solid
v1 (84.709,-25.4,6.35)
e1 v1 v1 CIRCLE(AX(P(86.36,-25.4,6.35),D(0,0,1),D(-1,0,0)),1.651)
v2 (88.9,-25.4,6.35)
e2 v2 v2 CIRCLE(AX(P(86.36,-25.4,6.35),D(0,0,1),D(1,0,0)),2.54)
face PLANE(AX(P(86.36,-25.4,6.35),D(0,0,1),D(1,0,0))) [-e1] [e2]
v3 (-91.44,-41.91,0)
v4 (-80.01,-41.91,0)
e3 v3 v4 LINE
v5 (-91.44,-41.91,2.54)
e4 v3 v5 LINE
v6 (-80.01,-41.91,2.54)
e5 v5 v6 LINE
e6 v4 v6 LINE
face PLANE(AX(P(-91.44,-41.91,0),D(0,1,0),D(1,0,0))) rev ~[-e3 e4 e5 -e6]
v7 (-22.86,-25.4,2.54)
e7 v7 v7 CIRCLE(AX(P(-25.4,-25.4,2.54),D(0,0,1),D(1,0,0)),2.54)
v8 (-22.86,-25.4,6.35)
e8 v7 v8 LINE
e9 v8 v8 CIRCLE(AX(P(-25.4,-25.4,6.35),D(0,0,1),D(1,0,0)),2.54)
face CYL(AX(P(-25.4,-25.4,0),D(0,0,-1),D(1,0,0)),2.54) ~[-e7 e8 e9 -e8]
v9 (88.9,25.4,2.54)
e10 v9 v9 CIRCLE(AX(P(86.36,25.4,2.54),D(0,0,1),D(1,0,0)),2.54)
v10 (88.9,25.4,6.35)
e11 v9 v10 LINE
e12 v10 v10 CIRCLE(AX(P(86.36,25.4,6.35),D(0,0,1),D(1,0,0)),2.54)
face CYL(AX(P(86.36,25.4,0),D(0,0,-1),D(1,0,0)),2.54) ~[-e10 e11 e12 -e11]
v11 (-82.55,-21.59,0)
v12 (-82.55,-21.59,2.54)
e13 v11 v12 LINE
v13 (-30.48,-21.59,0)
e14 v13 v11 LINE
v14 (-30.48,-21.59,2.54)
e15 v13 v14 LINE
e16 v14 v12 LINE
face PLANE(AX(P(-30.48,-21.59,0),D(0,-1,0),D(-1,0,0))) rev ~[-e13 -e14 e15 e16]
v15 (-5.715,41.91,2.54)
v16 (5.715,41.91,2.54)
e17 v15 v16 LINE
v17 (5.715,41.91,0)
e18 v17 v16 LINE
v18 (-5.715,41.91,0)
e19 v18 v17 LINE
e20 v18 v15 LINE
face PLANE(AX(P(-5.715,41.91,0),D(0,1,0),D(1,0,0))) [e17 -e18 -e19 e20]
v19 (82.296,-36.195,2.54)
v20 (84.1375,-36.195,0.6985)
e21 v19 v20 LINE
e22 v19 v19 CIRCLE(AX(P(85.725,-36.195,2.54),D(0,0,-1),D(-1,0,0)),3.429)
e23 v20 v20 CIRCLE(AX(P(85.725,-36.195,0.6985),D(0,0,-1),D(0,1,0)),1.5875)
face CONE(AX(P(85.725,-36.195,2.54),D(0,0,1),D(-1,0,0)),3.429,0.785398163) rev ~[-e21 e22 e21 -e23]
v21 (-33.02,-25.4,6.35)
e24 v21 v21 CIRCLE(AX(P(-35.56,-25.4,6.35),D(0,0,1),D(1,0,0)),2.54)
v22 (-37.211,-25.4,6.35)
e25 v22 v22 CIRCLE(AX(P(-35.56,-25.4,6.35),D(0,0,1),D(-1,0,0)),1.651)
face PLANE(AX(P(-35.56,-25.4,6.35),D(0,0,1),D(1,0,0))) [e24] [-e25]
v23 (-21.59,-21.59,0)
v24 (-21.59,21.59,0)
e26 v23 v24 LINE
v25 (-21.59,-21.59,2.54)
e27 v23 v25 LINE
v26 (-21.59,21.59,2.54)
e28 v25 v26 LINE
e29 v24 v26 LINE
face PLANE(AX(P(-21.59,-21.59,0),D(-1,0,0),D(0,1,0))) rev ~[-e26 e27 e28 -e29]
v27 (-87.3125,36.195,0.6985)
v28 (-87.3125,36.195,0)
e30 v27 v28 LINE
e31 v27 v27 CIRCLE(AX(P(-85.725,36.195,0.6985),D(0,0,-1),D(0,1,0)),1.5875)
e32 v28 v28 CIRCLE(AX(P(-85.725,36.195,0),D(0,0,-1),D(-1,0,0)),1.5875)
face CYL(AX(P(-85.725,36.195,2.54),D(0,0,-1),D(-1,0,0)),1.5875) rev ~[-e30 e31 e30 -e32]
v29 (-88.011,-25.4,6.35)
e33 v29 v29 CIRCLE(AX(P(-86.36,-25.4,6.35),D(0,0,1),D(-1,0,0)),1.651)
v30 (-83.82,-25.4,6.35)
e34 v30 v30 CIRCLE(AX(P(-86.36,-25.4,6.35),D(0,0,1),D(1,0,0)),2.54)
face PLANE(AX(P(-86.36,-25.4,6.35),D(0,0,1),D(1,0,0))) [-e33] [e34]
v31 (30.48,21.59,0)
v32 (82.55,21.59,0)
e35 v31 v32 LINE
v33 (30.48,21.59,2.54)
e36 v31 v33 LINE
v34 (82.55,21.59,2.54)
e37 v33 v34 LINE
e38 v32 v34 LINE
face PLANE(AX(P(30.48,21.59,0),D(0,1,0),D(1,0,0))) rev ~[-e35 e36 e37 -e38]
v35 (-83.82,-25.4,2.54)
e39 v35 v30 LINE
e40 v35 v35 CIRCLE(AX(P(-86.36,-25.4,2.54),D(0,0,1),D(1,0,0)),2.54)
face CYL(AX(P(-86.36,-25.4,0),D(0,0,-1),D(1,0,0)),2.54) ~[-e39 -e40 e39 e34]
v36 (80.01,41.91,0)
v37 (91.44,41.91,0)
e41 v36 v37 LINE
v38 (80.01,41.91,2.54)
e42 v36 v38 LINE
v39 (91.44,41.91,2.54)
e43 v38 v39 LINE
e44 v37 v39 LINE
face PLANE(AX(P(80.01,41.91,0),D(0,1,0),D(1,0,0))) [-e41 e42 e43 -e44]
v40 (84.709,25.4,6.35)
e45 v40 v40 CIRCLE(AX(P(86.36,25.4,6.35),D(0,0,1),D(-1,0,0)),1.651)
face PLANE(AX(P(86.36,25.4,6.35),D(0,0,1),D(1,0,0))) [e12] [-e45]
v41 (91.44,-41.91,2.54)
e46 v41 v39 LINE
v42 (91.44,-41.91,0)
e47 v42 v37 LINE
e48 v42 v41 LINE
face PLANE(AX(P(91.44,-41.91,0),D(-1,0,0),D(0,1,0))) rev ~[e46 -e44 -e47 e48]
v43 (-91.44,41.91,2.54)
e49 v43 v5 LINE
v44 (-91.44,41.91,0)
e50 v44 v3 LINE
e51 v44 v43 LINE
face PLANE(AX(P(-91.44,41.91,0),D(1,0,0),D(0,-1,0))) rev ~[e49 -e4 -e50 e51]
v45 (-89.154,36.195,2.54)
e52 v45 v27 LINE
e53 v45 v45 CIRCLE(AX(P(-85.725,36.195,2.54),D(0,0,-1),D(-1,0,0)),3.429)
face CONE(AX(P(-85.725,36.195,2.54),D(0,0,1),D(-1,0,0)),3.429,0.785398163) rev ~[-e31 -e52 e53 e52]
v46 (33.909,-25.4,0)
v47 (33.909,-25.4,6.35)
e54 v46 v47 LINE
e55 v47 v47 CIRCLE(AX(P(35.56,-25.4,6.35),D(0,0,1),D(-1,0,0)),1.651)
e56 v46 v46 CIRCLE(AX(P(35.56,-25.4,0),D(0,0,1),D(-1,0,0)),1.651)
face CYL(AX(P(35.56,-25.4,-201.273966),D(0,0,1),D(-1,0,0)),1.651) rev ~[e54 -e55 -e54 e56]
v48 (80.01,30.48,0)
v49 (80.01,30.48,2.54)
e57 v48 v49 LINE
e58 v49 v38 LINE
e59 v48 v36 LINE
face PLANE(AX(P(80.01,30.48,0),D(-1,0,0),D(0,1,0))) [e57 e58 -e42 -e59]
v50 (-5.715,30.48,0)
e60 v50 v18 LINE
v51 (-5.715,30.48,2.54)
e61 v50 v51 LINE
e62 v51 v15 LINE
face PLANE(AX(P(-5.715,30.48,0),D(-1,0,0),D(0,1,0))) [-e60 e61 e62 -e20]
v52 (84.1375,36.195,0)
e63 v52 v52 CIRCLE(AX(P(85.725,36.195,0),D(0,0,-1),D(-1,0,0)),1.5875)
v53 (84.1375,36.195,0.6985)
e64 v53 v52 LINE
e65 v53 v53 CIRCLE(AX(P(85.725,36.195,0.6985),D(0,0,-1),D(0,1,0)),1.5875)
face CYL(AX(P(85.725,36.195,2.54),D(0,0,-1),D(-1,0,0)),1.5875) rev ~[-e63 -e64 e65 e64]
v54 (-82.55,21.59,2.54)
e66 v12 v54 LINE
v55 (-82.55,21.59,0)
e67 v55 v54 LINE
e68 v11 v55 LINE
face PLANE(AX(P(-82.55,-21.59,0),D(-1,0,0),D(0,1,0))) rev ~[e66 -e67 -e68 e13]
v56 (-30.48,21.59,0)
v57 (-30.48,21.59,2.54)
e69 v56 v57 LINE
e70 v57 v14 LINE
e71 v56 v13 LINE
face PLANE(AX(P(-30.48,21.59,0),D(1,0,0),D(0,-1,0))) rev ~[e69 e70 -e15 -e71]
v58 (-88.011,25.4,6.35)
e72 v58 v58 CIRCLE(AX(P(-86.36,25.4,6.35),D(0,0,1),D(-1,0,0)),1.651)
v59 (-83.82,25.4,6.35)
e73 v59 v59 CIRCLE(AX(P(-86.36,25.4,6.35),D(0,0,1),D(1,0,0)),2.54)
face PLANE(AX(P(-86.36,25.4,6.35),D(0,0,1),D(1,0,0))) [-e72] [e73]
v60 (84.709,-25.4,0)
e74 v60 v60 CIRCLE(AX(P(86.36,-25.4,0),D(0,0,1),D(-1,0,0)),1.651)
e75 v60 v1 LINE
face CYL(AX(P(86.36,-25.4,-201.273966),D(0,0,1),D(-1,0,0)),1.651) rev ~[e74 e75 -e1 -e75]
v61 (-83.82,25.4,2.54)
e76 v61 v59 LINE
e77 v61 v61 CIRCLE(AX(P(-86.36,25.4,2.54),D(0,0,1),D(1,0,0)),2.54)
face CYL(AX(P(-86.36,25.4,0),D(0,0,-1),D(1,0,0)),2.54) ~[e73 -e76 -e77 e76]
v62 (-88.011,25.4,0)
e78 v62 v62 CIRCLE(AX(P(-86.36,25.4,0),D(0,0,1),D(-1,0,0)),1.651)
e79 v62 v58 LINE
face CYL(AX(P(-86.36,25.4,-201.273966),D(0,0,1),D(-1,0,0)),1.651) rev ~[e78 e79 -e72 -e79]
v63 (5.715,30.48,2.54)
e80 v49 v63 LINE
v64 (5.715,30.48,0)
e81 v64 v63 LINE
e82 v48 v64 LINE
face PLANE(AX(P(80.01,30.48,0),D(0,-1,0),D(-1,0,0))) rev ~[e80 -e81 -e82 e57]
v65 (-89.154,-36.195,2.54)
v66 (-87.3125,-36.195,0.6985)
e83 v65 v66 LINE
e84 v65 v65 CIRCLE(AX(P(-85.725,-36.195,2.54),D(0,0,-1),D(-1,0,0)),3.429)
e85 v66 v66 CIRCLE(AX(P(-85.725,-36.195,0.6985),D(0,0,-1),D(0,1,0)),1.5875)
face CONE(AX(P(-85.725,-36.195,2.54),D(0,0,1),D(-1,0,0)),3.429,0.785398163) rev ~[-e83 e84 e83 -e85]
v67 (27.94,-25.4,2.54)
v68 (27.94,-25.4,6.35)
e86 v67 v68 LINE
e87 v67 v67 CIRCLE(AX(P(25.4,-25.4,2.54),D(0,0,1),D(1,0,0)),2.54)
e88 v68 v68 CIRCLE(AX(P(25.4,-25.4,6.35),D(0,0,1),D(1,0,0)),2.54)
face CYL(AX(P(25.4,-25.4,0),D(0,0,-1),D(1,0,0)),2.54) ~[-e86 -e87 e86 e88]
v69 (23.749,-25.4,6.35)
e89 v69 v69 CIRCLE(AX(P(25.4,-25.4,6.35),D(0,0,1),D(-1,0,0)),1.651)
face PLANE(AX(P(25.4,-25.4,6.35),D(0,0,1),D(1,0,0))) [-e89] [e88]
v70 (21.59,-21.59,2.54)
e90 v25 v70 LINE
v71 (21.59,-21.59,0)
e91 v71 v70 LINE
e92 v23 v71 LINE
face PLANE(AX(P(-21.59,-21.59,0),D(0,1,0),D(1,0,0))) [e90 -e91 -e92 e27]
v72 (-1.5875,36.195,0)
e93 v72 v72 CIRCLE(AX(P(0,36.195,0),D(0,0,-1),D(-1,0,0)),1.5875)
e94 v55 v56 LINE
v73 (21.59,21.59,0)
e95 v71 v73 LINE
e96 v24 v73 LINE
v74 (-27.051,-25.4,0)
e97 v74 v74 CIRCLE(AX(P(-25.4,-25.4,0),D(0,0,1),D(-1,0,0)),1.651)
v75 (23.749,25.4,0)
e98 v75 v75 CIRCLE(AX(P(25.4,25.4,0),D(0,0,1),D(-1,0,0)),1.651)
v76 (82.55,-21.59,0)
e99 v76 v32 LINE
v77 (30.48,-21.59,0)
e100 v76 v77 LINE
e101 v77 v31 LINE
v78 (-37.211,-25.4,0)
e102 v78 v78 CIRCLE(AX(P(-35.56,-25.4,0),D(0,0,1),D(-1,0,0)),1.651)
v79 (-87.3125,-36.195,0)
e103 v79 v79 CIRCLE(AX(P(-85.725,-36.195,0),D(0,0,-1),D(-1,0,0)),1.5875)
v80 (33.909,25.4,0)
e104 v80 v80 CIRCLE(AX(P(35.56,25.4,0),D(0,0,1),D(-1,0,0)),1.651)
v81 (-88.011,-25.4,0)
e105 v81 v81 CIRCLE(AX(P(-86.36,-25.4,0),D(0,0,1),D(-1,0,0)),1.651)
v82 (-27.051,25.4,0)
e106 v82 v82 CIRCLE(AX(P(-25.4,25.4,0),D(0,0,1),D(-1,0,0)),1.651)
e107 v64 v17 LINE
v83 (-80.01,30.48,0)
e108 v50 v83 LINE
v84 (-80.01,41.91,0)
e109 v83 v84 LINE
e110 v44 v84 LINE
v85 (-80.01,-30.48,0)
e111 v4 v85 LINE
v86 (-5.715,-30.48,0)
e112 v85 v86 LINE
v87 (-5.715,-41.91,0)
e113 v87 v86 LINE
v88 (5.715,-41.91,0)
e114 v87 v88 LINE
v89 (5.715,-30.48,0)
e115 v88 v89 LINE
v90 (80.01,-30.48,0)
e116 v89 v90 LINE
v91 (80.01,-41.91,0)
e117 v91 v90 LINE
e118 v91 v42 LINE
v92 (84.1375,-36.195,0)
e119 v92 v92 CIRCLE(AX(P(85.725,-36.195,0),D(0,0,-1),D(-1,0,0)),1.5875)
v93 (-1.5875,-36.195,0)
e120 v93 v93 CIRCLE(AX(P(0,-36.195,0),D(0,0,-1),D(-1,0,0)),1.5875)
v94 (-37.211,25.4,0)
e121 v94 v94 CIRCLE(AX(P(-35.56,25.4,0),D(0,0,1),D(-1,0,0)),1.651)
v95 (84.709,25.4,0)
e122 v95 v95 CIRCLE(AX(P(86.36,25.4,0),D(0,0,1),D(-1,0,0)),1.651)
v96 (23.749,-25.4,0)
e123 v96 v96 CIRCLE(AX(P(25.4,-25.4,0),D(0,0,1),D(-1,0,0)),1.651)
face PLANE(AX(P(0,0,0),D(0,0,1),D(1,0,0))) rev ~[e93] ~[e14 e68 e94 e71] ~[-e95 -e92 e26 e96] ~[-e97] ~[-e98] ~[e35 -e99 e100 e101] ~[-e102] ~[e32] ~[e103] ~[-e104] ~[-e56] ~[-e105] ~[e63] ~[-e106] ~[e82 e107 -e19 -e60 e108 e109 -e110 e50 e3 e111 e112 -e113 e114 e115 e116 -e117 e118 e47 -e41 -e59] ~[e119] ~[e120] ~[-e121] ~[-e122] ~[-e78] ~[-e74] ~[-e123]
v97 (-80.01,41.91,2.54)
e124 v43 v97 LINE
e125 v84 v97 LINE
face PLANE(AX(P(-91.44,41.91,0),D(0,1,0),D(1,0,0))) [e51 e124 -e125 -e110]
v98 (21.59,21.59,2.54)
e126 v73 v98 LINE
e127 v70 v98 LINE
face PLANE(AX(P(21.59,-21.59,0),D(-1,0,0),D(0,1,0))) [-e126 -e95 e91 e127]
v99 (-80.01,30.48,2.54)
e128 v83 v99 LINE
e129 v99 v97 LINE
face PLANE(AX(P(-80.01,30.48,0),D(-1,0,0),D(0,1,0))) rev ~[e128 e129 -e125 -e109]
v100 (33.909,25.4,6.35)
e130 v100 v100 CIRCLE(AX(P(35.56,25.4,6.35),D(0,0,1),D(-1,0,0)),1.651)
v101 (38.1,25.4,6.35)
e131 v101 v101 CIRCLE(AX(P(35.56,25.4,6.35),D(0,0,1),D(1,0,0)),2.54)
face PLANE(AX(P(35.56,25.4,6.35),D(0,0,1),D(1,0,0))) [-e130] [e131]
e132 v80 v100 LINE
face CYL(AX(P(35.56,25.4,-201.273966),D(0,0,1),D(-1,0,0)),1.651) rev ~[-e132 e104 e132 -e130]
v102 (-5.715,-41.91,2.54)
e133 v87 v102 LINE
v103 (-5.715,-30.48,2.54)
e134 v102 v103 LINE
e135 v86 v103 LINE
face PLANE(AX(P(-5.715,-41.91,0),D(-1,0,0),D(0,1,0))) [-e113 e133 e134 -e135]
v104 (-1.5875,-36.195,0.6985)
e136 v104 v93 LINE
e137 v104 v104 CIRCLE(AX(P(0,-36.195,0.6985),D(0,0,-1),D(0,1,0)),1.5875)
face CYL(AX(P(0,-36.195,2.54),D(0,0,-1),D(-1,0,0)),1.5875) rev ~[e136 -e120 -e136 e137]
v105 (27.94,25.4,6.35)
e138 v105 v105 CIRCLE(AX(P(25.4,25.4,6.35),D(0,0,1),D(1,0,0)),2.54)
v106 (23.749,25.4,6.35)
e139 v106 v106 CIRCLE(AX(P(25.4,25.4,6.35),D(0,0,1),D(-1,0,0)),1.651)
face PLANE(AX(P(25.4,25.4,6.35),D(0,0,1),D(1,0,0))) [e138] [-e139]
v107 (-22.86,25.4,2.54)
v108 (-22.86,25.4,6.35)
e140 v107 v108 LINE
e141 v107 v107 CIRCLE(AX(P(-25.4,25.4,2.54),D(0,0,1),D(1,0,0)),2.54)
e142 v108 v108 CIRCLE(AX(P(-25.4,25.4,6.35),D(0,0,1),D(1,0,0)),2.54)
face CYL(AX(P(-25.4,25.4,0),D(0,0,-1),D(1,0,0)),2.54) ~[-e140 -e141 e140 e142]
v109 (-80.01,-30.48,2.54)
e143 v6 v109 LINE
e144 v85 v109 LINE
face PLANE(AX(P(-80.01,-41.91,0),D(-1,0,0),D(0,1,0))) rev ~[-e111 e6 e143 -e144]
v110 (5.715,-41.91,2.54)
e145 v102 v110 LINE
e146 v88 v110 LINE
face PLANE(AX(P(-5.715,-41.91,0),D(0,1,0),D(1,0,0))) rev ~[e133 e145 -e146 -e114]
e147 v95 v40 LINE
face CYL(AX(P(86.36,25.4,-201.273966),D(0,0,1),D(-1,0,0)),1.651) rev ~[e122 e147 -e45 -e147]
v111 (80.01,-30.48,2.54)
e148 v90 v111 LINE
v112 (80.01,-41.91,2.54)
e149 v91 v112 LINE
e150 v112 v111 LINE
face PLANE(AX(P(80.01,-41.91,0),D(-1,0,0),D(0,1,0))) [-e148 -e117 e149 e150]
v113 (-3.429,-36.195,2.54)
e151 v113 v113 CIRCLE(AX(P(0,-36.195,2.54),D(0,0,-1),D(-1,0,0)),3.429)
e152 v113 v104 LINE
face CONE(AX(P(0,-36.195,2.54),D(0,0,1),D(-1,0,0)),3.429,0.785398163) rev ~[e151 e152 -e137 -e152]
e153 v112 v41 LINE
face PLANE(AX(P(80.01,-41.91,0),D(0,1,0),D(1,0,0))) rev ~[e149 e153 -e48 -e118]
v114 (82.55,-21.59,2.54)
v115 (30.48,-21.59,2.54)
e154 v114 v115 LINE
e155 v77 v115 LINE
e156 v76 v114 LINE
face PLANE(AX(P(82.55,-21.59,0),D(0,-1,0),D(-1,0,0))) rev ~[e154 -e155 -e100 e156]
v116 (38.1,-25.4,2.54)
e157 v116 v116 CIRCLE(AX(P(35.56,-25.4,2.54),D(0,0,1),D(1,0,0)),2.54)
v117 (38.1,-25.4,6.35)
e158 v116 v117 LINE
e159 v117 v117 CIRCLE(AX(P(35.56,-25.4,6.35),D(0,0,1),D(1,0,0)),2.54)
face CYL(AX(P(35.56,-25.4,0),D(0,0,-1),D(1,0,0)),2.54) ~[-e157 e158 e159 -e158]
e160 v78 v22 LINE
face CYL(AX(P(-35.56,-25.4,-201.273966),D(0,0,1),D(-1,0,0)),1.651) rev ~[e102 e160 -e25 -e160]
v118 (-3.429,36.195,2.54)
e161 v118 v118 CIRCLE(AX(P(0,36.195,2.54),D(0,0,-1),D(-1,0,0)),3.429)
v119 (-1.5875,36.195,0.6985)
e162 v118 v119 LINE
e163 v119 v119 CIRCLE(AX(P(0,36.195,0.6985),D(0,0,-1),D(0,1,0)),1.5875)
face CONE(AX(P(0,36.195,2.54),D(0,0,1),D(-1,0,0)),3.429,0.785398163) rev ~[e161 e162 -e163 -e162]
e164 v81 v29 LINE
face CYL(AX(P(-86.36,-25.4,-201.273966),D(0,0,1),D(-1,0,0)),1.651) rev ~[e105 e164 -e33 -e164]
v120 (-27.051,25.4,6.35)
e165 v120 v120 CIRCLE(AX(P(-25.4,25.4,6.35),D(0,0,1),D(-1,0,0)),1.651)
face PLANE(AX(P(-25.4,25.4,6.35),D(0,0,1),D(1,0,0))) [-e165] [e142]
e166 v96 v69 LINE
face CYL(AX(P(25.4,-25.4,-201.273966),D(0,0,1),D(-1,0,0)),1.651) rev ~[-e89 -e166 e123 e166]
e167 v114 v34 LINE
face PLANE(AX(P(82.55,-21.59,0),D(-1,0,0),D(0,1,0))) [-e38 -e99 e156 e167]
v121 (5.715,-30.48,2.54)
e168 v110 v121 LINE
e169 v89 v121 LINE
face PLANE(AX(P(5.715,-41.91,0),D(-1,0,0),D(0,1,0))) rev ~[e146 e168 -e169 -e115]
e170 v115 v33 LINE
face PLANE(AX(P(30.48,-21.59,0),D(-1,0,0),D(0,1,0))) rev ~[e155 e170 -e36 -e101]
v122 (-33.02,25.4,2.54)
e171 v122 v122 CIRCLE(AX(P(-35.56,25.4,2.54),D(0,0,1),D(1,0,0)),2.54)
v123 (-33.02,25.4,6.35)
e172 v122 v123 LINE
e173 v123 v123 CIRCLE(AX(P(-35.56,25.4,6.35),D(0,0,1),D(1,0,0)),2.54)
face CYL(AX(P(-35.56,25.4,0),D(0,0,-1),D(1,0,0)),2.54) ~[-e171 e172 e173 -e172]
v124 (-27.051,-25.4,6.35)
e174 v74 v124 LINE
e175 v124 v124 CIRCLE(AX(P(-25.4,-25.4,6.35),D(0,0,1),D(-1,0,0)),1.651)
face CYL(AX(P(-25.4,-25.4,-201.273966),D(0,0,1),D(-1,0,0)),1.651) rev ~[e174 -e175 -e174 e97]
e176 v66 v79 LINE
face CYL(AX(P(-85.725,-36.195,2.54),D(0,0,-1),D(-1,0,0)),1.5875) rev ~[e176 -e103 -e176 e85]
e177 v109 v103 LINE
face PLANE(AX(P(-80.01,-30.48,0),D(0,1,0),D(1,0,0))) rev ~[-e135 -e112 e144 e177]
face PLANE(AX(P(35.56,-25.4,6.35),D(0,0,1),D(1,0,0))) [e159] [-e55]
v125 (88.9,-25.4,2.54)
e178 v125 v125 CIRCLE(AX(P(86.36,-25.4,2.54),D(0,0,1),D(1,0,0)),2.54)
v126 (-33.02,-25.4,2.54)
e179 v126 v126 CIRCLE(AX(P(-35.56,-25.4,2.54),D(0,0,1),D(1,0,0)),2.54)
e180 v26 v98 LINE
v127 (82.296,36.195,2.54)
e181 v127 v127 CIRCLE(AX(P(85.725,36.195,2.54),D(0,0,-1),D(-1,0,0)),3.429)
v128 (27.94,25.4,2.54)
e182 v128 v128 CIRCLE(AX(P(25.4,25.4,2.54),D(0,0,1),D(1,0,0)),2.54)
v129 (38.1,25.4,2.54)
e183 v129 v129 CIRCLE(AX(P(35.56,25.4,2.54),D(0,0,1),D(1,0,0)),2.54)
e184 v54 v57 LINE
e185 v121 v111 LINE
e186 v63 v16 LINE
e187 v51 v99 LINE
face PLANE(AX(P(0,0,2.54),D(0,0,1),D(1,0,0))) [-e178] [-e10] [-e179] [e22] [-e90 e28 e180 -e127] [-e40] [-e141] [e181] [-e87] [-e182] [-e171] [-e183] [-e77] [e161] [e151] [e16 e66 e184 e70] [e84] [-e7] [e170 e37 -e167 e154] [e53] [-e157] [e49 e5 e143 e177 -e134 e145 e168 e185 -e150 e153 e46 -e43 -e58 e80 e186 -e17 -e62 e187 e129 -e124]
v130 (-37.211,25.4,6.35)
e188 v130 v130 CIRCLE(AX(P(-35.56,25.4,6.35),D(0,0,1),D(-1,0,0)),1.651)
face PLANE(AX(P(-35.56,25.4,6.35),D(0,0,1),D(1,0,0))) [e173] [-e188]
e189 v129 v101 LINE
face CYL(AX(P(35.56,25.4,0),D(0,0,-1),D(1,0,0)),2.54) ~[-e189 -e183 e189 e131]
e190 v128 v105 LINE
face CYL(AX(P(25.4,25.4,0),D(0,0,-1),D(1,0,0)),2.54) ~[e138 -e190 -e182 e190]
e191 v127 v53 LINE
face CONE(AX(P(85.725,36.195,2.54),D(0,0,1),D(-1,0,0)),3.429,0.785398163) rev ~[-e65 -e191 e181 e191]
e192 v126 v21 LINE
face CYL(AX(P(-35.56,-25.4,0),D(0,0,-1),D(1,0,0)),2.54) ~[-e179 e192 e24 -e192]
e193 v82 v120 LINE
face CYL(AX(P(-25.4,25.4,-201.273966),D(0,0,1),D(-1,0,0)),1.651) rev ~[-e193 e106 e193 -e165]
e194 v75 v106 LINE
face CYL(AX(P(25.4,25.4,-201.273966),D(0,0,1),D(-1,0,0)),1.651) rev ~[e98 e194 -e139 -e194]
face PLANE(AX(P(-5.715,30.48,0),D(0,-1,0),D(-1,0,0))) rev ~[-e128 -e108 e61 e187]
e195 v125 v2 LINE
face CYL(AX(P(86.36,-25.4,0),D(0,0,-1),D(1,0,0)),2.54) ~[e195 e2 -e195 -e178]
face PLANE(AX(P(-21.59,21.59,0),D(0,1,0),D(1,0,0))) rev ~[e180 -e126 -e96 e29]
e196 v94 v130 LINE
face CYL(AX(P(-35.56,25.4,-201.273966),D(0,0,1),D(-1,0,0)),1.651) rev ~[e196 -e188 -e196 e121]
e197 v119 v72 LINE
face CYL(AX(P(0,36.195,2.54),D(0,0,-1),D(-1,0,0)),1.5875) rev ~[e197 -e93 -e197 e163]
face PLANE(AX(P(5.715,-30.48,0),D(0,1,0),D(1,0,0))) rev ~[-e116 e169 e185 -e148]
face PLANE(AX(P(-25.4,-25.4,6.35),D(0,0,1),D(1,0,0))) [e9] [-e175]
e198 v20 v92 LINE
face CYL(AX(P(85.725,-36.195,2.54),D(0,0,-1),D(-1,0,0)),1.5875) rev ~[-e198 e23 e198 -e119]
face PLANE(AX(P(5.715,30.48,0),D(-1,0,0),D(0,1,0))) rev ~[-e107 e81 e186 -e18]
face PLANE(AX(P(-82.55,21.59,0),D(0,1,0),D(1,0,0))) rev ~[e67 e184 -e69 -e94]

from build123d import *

# Parameters (mm, degrees)
F0_R           = 2.54
F0_W           = 43.18
F0_H           = 43.18
F0_W_2         = 8.89
F0_W_3         = 11.43
F0_H_2         = 11.43
F1_DEPTH       = 2.54
F2_DEPTH       = 6.35
F3_D           = 3.302
F5_D           = 3.175
F5_CSINK_D     = 6.858
F5_CSINK_ANGLE = 90


with BuildPart() as f1:
    # F0 (on Top) → F1 (new body)
    with BuildSketch(Plane.XY):
        Polygon((30.48, 21.59), (30.48, 30.48), (5.715, 30.48), (-5.715, 30.48), (-30.48, 30.48), (-30.48, 21.59), (-30.48, -21.59), (-30.48, -30.48), (-5.715, -30.48), (5.715, -30.48), (30.48, -30.48), (30.48, -21.59), align=None)
        with Locations((-25.4, -25.4)):
            Circle(F0_R, mode=Mode.SUBTRACT)
        with Locations((25.4, -25.4)):
            Circle(F0_R, mode=Mode.SUBTRACT)
        with Locations((-25.4, 25.4)):
            Circle(F0_R, mode=Mode.SUBTRACT)
        Rectangle(F0_W, F0_H, mode=Mode.SUBTRACT)
        with Locations((25.4, 25.4)):
            Circle(F0_R, mode=Mode.SUBTRACT)
        Polygon((-30.48, 21.59), (-30.48, 30.48), (-80.01, 30.48), (-91.44, 30.48), (-91.44, 21.59), (-82.55, 21.59), align=None)
        with Locations((-86.36, 25.4)):
            Circle(F0_R, mode=Mode.SUBTRACT)
        with Locations((-35.56, 25.4)):
            Circle(F0_R, mode=Mode.SUBTRACT)
        with Locations((-86.995, 0)):
            Rectangle(F0_W_2, F0_H)
        Polygon((-30.48, -30.48), (-30.48, -21.59), (-82.55, -21.59), (-91.44, -21.59), (-91.44, -30.48), (-80.01, -30.48), align=None)
        with Locations((-86.36, -25.4)):
            Circle(F0_R, mode=Mode.SUBTRACT)
        with Locations((-35.56, -25.4)):
            Circle(F0_R, mode=Mode.SUBTRACT)
        Polygon((80.01, 30.48), (30.48, 30.48), (30.48, 21.59), (82.55, 21.59), (91.44, 21.59), (91.44, 30.48), align=None)
        with Locations((35.56, 25.4)):
            Circle(F0_R, mode=Mode.SUBTRACT)
        with Locations((86.36, 25.4)):
            Circle(F0_R, mode=Mode.SUBTRACT)
        Polygon((82.55, -21.59), (30.48, -21.59), (30.48, -30.48), (80.01, -30.48), (91.44, -30.48), (91.44, -21.59), align=None)
        with Locations((35.56, -25.4)):
            Circle(F0_R, mode=Mode.SUBTRACT)
        with Locations((86.36, -25.4)):
            Circle(F0_R, mode=Mode.SUBTRACT)
        with Locations((86.995, 0)):
            Rectangle(F0_W_2, F0_H)
        with Locations((-85.725, 36.195)):
            Rectangle(F0_W_3, F0_H_2)
        with Locations((85.725, 36.195)):
            Rectangle(F0_W_3, F0_H_2)
        with Locations((85.725, -36.195)):
            Rectangle(F0_W_3, F0_H_2)
        with Locations((-85.725, -36.195)):
            Rectangle(F0_W_3, F0_H_2)
        with Locations((0, 36.195)):
            Rectangle(F0_W_3, F0_H_2)
        with Locations((0, -36.195)):
            Rectangle(F0_W_3, F0_H_2)
    extrude(amount=F1_DEPTH)

    # F0 (on Top) → F2 (join)
    with BuildSketch(Plane.XY):
        with Locations((-25.4, 25.4)):
            Circle(F0_R)
        with Locations((25.4, 25.4)):
            Circle(F0_R)
        with Locations((25.4, -25.4)):
            Circle(F0_R)
        with Locations((-25.4, -25.4)):
            Circle(F0_R)
        with Locations((-86.36, 25.4)):
            Circle(F0_R)
        with Locations((-86.36, -25.4)):
            Circle(F0_R)
        with Locations((-35.56, 25.4)):
            Circle(F0_R)
        with Locations((-35.56, -25.4)):
            Circle(F0_R)
        with Locations((35.56, -25.4)):
            Circle(F0_R)
        with Locations((86.36, -25.4)):
            Circle(F0_R)
        with Locations((86.36, 25.4)):
            Circle(F0_R)
        with Locations((35.56, 25.4)):
            Circle(F0_R)
    extrude(amount=F2_DEPTH)

    # F3 (through all)
    with Locations(Plane(origin=(0, 0, 0), x_dir=(1, 0, 0), z_dir=(0, 0, -1))):
        with Locations((-25.4, 25.4), (25.4, 25.4), (25.4, -25.4), (-25.4, -25.4), (-86.36, 25.4), (-35.56, 25.4), (-86.36, -25.4), (-35.56, -25.4), (35.56, 25.4), (86.36, 25.4), (35.56, -25.4), (86.36, -25.4)):
            Hole(F3_D / 2)

    # F5 (through all)
    with Locations(Plane.XY.offset(2.54)):
        with Locations((-85.725, 36.195), (-85.725, -36.195), (85.725, -36.195), (85.725, 36.195), (0, 36.195), (0, -36.195)):
            CounterSinkHole(F5_D / 2, F5_CSINK_D / 2, counter_sink_angle=F5_CSINK_ANGLE)


solid = f1.part
